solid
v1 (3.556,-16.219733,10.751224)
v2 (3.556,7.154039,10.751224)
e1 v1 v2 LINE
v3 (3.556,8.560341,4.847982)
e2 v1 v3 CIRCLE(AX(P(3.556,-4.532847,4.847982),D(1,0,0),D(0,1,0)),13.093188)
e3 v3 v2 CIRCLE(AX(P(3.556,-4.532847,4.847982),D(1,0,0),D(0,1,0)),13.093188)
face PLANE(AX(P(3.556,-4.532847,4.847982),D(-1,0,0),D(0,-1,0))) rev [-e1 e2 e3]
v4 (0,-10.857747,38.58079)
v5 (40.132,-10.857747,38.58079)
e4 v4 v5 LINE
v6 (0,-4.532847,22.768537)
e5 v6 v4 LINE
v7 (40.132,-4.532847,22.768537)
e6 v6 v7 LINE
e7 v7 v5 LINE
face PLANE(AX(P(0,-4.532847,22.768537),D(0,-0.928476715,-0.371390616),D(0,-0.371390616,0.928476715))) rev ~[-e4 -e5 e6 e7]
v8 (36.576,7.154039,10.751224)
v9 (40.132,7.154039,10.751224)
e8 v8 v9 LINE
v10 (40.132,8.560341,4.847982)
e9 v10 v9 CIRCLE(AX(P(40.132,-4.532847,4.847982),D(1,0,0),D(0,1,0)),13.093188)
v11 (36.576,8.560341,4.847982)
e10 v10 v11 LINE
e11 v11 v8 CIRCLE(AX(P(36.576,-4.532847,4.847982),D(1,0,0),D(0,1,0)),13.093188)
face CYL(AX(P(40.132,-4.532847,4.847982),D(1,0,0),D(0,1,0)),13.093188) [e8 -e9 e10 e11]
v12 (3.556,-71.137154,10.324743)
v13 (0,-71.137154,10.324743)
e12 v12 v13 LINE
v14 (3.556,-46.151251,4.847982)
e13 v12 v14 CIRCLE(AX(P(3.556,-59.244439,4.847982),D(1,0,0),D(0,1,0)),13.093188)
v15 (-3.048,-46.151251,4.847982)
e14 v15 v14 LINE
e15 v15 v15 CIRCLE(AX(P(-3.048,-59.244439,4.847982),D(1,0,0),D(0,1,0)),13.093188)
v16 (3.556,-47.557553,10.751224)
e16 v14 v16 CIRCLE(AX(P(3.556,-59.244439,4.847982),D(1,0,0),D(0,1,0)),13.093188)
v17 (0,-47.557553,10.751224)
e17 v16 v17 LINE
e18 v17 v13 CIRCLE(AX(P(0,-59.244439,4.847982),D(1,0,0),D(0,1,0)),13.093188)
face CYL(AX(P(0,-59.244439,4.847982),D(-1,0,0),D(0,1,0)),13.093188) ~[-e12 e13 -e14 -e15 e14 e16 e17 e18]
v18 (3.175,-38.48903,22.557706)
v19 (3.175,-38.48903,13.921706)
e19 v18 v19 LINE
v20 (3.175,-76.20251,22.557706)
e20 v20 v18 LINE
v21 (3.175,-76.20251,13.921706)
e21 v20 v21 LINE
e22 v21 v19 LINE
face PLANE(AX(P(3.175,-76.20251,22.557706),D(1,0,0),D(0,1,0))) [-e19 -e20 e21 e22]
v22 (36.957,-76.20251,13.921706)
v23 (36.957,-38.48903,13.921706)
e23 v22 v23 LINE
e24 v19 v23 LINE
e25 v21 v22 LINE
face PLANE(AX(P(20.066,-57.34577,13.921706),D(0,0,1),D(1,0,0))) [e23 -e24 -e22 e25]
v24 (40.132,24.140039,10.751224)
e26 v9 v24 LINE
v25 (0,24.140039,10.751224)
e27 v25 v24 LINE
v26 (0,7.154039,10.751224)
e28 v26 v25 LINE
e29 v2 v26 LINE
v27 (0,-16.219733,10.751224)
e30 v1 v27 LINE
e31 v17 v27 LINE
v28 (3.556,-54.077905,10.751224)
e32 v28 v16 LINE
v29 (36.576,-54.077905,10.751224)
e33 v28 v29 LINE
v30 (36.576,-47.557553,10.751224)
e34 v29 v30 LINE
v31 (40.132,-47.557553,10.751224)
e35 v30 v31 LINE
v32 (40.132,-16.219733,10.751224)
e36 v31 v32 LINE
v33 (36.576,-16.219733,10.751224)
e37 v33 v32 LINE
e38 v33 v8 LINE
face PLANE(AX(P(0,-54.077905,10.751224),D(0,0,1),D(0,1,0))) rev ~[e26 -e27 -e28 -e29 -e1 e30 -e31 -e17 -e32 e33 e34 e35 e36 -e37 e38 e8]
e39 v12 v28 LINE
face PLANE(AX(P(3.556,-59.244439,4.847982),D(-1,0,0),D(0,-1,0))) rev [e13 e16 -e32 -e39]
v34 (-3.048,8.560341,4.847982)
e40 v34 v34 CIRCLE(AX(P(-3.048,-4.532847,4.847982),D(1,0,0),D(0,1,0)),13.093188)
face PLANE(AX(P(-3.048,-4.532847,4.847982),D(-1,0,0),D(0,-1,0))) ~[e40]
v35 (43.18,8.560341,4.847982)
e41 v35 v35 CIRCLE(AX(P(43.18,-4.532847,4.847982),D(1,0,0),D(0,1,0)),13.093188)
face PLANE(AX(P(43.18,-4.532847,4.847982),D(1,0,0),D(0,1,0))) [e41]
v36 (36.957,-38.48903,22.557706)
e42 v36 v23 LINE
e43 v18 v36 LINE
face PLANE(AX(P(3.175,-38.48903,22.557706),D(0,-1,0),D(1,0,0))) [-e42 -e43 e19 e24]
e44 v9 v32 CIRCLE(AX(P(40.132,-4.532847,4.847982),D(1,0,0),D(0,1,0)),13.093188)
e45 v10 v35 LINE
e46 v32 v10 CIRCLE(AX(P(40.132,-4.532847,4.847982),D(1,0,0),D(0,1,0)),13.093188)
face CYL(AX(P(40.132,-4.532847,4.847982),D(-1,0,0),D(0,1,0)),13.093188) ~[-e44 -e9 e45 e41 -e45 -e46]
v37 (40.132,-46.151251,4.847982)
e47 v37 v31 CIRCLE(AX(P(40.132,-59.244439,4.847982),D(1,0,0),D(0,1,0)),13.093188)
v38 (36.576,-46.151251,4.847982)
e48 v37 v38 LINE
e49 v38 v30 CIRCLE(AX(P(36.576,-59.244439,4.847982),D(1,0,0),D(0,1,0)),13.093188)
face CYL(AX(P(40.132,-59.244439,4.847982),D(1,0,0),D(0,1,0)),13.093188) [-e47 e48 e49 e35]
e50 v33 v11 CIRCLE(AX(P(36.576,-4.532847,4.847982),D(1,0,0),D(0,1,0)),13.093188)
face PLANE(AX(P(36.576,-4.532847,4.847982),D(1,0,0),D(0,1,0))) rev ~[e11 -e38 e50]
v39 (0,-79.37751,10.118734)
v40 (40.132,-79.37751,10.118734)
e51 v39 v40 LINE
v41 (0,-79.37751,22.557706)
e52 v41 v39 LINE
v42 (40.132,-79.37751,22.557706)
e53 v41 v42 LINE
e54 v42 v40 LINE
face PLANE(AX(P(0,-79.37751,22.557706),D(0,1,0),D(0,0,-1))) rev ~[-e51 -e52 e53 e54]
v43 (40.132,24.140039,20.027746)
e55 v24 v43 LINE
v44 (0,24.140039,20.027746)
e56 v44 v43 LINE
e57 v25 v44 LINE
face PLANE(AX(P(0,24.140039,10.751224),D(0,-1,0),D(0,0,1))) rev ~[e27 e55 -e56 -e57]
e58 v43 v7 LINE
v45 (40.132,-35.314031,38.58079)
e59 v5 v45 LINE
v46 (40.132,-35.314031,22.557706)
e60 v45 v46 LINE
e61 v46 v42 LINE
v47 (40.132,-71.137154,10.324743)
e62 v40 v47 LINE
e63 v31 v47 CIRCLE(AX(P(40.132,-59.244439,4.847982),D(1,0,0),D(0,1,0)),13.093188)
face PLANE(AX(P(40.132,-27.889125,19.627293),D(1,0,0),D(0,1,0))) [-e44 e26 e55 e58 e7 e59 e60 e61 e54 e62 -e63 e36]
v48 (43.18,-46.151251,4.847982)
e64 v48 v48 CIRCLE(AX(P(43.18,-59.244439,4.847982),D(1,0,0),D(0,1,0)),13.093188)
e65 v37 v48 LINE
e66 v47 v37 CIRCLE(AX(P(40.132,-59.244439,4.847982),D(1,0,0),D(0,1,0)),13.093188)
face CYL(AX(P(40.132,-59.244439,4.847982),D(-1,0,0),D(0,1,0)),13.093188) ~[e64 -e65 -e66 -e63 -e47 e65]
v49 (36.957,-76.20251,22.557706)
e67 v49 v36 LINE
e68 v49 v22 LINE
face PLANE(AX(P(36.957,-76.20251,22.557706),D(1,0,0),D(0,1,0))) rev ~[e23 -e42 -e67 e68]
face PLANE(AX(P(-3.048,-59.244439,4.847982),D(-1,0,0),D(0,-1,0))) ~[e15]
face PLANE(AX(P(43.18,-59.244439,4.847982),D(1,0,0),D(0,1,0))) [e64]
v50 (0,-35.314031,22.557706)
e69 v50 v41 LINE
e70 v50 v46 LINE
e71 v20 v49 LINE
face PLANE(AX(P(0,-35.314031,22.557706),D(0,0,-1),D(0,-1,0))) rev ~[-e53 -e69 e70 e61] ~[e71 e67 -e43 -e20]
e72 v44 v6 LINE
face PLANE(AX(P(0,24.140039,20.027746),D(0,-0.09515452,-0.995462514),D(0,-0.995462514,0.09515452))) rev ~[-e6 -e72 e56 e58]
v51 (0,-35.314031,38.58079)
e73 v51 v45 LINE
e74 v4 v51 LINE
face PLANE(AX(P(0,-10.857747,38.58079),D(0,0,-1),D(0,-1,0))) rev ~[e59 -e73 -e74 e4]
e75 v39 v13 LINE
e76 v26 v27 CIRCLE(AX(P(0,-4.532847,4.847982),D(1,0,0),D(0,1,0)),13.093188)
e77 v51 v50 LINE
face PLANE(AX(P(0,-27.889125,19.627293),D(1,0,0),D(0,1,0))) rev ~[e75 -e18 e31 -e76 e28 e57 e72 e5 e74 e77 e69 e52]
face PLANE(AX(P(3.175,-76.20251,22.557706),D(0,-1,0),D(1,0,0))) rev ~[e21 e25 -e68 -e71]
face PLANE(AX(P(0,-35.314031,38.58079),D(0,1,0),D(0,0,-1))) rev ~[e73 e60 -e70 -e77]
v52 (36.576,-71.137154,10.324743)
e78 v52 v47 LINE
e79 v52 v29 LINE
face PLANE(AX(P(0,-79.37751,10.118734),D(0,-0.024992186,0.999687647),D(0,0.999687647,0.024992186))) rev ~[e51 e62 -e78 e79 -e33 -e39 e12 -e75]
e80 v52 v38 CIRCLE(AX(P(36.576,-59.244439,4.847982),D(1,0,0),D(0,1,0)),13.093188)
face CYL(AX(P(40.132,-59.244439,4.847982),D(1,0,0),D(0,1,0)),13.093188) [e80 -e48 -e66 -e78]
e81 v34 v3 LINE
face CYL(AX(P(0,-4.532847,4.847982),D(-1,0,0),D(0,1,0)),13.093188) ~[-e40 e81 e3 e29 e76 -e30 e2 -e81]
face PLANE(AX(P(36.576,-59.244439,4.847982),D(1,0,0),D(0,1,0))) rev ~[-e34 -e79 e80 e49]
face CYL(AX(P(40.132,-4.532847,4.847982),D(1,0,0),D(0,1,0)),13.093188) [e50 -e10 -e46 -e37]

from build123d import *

# Parameters (mm, degrees)
F1_DEPTH      = 40.132
F2_R          = 13.093188
F3_DEPTH      = 3.048
F3_DEPTH_BACK = 3.556
F7_W          = 33.782
F7_H          = 37.713479
F8_DEPTH      = 8.636


with BuildPart() as f1:
    # F0 (on Right) → F1 (new body)
    with BuildSketch(Plane.YZ):
        Polygon((-79.37751, 10.118734), (-54.077905, 10.751224), (24.140039, 10.751224), (24.140039, 20.027746), (-4.532847, 22.768537), (-10.857747, 38.58079), (-35.314031, 38.58079), (-35.314031, 22.557706), (-79.37751, 22.557706), align=None)
    extrude(amount=F1_DEPTH)

    # F2 (on face) → F3 (join, two sides)
    with BuildSketch(Plane.YZ.offset(40.132)) as f3_sk:
        with Locations((-59.244439, 4.847982)):
            Circle(F2_R)
        with Locations((-4.532847, 4.847982)):
            Circle(F2_R)
    extrude(amount=F3_DEPTH)
    extrude(f3_sk.sketch, amount=-F3_DEPTH_BACK)

    # F6: F1 across plane


with BuildPart() as f1_1:
    add(f1.part)
    add(f1.part.mirror(Plane(origin=(20.066, -10.857747, 38.58079), x_dir=(0, 1, 0), z_dir=(1, 0, 0))))

    # F7 (on face) → F8 (cut)
    with BuildSketch(Plane.XY.offset(22.557706)):
        with Locations((20.066, -57.34577)):
            Rectangle(F7_W, F7_H)
    extrude(amount=-F8_DEPTH, mode=Mode.SUBTRACT)


solid = f1_1.part
